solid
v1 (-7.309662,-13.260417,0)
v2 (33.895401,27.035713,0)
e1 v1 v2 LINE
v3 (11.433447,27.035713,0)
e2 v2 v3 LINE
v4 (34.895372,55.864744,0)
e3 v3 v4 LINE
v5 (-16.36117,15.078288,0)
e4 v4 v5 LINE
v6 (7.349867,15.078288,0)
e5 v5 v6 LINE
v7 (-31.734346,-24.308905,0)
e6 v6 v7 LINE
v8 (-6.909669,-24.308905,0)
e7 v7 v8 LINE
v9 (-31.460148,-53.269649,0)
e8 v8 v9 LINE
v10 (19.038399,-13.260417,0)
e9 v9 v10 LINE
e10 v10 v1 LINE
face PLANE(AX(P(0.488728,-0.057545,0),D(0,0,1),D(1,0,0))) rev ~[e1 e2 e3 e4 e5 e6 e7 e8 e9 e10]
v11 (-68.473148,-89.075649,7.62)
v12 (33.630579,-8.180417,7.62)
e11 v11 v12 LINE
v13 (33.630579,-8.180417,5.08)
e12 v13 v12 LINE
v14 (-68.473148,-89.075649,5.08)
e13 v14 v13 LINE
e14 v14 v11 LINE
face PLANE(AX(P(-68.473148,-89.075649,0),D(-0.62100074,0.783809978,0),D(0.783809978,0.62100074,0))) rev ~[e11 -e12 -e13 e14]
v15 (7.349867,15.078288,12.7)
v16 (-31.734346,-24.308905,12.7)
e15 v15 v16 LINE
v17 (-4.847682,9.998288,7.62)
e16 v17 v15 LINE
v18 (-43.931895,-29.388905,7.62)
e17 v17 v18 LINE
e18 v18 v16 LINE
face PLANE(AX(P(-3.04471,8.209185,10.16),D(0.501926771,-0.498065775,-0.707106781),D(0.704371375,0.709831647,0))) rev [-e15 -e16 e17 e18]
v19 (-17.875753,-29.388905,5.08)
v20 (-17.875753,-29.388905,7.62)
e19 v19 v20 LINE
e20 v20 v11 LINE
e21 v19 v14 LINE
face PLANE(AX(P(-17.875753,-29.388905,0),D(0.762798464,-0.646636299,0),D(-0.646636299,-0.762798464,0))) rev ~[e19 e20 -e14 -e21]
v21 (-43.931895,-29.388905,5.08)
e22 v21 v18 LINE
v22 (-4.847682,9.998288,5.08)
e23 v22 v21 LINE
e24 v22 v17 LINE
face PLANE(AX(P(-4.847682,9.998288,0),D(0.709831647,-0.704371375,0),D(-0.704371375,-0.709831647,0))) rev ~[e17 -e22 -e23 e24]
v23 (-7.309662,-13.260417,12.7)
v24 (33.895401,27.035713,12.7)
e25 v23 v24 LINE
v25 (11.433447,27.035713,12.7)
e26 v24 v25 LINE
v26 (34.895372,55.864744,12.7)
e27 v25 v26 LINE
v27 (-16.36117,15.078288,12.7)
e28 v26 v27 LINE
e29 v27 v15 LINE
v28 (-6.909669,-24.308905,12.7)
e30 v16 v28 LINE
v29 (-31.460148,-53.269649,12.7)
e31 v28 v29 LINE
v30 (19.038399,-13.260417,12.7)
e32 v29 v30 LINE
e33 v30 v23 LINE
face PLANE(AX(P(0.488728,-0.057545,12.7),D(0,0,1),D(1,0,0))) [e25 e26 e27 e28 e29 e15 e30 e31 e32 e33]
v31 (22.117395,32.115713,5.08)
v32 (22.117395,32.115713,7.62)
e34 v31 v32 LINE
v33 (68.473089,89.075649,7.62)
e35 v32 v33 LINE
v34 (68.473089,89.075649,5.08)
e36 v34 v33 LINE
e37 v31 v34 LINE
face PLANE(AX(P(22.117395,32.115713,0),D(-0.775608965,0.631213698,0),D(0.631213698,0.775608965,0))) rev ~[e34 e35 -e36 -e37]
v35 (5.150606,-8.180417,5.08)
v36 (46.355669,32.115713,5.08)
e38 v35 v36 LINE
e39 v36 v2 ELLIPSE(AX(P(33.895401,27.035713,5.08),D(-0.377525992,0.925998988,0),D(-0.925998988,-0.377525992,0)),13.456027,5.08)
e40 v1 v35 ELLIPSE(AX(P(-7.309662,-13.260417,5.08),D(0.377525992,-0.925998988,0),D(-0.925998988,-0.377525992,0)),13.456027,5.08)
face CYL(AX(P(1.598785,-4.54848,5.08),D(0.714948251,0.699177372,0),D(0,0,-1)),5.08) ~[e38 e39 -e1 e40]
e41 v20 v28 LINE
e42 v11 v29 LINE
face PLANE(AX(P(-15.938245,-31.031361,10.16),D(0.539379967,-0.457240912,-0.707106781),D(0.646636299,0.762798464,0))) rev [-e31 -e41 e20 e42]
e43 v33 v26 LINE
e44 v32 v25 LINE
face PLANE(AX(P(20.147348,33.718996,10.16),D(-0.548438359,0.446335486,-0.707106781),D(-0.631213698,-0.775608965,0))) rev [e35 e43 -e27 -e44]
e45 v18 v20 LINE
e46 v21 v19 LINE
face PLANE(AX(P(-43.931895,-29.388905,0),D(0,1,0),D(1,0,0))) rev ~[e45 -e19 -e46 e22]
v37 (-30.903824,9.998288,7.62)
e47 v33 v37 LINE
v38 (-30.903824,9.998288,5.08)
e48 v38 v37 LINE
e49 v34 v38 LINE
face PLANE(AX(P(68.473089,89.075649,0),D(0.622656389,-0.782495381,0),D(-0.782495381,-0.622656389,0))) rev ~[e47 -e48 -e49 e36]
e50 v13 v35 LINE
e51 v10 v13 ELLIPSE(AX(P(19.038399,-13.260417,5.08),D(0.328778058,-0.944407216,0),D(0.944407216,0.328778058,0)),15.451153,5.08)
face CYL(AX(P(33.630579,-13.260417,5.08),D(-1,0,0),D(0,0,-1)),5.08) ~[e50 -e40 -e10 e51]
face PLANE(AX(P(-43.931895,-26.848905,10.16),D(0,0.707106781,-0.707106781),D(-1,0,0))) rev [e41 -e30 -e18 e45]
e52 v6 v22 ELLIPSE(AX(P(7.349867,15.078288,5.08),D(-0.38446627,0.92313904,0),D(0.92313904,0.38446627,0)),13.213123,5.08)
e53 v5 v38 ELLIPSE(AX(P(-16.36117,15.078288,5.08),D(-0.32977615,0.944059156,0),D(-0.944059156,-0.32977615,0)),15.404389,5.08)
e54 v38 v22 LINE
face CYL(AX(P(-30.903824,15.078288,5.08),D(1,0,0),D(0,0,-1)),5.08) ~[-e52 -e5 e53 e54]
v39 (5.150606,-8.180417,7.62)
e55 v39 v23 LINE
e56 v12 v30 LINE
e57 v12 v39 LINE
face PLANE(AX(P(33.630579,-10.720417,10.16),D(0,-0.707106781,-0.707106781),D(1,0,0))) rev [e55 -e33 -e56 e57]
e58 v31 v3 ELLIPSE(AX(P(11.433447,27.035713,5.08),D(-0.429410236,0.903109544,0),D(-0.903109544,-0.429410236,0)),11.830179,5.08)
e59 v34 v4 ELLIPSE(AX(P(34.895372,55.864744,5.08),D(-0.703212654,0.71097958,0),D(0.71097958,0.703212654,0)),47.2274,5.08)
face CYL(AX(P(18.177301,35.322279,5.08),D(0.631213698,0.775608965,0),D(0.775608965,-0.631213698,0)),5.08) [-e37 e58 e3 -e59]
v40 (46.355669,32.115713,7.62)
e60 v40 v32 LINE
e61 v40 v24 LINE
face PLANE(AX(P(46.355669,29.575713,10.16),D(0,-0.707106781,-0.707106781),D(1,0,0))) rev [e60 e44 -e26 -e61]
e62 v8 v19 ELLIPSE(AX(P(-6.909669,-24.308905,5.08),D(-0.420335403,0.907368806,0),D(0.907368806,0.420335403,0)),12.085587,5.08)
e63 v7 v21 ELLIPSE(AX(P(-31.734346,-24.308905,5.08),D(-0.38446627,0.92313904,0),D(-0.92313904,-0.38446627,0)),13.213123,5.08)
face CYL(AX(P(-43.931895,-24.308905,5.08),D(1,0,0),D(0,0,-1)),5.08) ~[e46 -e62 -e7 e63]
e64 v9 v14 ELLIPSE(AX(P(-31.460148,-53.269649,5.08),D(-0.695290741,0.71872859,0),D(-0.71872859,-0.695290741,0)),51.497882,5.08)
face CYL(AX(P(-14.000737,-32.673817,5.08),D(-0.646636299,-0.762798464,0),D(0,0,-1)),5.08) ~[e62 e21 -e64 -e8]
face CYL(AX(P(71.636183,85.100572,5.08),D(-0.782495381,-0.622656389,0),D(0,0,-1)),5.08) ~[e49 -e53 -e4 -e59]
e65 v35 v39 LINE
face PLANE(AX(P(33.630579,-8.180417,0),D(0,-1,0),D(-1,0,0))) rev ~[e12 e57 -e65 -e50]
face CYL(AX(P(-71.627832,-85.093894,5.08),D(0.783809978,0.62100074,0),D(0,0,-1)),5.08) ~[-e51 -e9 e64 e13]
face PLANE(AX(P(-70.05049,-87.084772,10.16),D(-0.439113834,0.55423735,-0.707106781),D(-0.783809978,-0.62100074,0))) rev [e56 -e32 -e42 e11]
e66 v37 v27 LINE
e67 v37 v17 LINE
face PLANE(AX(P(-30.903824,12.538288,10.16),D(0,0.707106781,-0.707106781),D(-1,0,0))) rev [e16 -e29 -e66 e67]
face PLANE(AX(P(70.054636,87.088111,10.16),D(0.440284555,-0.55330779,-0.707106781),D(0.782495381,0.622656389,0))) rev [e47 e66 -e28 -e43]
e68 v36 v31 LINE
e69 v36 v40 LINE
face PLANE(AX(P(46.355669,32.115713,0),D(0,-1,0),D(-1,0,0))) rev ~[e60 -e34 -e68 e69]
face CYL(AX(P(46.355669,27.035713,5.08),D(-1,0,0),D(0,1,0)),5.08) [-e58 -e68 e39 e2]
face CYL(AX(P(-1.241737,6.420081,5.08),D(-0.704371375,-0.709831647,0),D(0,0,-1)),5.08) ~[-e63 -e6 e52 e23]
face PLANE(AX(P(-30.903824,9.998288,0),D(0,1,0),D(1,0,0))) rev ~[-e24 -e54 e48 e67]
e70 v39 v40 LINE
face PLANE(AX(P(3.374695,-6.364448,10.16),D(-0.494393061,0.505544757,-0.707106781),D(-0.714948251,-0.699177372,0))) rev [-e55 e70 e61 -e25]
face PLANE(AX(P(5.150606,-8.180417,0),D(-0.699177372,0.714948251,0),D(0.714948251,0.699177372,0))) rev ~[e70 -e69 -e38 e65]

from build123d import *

# Parameters (mm, degrees)
F1_DEPTH = 12.7
F2_SIZE  = 5.08
F3_R     = 5.08


with BuildPart() as f1:
    # F0 (on Top) → F1 (new body)
    with BuildSketch(Plane.XY):
        Polygon((22.117395, 32.115713), (68.473089, 89.075649), (-30.903824, 9.998288), (-4.847682, 9.998288), (-43.931895, -29.388905), (-17.875753, -29.388905), (-68.473148, -89.075649), (33.630579, -8.180417), (5.150606, -8.180417), (46.355669, 32.115713), align=None)
    extrude(amount=F1_DEPTH)

    # F2
    f2_edges = [f1.edges().sort_by_distance(p)[0] for p in [
        (34.236532, 32.115713, 12.7),
        (45.295242, 60.595681, 12.7),
        (18.784632, 49.536968, 12.7),
        (-17.875753, 9.998288, 12.7),
        (-24.389789, -9.695309, 12.7),
        (-30.903824, -29.388905, 12.7),
        (-43.174451, -59.232277, 12.7),
        (-17.421285, -48.628033, 12.7),
        (19.390592, -8.180417, 12.7),
        (25.753137, 11.967648, 12.7),
    ]]
    chamfer(f2_edges, length=F2_SIZE)

    # F3
    f3_edges = [f1.edges().sort_by_distance(p)[0] for p in [
        (34.236532, 32.115713, 0),
        (45.295242, 60.595681, 0),
        (18.784632, 49.536968, 0),
        (-17.875753, 9.998288, 0),
        (-24.389789, -9.695309, 0),
        (-30.903824, -29.388905, 0),
        (-43.174451, -59.232277, 0),
        (-17.421285, -48.628033, 0),
        (19.390592, -8.180417, 0),
        (25.753137, 11.967648, 0),
    ]]
    fillet(f3_edges, radius=F3_R)


solid = f1.part
